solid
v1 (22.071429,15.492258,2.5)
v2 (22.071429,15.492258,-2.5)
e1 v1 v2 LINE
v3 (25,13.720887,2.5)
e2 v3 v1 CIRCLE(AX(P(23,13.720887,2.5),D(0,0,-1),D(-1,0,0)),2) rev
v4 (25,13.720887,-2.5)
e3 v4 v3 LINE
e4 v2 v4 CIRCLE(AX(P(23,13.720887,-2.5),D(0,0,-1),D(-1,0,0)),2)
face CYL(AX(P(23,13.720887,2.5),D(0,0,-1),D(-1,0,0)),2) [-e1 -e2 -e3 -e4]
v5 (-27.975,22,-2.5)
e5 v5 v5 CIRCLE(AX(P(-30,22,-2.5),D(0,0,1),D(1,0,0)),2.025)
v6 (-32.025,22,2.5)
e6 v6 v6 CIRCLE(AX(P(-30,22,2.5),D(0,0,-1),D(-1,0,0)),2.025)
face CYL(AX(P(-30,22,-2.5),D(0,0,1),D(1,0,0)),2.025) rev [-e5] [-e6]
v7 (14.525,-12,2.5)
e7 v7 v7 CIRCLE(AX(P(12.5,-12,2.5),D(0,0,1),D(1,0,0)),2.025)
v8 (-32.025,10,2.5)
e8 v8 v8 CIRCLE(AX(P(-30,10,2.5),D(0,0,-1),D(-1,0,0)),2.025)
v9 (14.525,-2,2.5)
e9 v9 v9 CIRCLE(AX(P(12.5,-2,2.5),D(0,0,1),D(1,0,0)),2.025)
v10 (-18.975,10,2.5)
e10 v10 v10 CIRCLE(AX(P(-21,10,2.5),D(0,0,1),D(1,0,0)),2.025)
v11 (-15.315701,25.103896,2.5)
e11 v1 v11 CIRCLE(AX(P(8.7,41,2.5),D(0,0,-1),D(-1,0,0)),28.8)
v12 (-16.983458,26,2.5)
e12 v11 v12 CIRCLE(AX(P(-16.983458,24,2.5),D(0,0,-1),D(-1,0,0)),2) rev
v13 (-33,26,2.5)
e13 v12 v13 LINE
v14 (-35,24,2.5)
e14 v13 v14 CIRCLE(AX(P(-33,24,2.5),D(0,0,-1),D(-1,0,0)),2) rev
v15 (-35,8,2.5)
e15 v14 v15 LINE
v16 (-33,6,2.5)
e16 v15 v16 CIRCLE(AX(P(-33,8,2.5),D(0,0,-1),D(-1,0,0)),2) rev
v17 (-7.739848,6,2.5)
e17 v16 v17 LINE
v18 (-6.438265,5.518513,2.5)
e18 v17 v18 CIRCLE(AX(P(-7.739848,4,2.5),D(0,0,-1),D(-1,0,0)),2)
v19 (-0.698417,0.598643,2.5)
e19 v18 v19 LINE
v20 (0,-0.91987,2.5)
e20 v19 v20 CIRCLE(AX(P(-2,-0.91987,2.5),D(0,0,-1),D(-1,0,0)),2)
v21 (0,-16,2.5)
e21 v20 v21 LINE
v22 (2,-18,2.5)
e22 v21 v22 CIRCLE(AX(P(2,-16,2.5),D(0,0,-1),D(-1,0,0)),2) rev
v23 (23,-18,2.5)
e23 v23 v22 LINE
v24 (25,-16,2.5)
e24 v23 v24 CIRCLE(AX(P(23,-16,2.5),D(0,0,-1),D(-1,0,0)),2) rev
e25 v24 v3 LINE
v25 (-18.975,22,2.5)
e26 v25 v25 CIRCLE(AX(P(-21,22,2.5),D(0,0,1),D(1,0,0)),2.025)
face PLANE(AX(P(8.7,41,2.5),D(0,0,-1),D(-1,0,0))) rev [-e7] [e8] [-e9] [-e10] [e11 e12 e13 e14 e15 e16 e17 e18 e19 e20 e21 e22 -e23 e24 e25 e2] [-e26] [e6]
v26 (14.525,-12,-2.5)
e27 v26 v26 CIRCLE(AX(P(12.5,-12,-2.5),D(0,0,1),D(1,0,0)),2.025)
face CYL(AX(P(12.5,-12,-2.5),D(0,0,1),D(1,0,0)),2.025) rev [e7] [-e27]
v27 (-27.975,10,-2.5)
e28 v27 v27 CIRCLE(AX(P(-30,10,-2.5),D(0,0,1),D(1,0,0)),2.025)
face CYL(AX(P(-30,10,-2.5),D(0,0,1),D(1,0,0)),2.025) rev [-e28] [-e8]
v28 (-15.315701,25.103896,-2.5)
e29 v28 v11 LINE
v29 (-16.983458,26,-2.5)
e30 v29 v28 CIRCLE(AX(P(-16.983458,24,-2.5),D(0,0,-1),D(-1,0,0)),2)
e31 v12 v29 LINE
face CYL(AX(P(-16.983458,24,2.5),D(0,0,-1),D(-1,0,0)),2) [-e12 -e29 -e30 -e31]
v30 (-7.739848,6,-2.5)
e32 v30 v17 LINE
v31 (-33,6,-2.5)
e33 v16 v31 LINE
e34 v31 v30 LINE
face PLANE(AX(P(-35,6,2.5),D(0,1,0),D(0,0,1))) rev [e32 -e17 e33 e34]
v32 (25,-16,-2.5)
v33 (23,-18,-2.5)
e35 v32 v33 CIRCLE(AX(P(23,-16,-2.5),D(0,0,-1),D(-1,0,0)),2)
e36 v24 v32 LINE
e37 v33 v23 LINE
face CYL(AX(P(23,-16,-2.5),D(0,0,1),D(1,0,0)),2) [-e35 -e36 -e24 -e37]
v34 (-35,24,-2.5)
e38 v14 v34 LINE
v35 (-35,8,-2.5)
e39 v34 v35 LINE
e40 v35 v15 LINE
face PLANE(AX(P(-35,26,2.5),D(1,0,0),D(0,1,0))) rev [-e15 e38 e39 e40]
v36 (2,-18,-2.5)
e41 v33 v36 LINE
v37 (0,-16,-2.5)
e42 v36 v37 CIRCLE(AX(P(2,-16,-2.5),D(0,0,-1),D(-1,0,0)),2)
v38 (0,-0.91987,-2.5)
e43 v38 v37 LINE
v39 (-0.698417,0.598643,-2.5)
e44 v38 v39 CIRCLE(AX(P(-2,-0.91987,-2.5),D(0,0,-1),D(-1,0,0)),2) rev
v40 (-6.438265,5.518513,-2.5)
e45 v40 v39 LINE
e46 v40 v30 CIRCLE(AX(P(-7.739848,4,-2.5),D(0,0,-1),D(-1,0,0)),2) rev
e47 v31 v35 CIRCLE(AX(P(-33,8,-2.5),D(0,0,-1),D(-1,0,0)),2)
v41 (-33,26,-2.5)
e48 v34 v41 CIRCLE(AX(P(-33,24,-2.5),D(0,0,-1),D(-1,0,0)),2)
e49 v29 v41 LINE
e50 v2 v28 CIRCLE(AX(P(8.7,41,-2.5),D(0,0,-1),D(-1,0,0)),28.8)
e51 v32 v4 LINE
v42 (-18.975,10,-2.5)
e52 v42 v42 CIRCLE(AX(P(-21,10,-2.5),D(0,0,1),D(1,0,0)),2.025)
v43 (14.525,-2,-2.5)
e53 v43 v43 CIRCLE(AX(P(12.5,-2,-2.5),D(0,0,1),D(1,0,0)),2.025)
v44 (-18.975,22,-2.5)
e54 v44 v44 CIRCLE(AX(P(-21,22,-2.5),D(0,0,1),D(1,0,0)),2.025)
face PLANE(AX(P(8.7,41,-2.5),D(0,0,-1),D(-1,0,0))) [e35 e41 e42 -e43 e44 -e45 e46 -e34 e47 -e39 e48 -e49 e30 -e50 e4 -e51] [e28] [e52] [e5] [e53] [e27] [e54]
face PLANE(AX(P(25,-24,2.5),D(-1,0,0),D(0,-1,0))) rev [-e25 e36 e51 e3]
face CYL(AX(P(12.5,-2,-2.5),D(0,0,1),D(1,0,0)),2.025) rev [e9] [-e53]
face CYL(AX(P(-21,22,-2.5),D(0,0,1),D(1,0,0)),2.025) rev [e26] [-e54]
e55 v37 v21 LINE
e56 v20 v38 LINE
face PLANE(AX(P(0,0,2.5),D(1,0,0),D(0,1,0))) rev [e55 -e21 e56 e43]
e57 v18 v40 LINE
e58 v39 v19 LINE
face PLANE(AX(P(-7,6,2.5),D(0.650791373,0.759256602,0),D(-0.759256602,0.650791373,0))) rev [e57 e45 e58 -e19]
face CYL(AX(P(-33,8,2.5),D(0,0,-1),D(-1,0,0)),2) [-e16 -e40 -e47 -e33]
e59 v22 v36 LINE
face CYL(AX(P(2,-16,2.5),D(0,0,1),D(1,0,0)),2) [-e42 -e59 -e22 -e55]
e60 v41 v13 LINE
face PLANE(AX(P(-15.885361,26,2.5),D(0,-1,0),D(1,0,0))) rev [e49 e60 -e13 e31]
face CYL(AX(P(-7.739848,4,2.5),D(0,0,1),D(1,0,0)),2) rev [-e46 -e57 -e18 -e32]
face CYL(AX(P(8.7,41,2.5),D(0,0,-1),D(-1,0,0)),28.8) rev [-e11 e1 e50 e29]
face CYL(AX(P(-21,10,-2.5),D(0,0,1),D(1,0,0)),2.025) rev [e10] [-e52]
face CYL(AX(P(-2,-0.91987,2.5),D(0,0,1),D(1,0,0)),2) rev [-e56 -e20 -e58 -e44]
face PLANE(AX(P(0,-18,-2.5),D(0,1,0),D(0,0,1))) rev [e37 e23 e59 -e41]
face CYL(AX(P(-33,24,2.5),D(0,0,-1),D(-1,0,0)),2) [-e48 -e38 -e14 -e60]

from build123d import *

# Parameters (mm, degrees)
EXTRUDE_1_DEPTH          = 2.5
FILLET_1_R               = 2
FILLET_2_R               = 2
SKETCH_2_R               = 2.025
CUT_EXTRUDE_1_DEPTH      = 6
SKETCH_3_W               = 25
SKETCH_3_H               = 6
CUT_EXTRUDE_2_DEPTH      = 6
FILLET_3_R               = 2
SKETCH_4_R               = 2.025
CUT_EXTRUDE_3_DEPTH      = 1
CUT_EXTRUDE_3_DEPTH_BACK = 6
SKETCH_5_R               = 2.025
CUT_EXTRUDE_4_DEPTH      = 1
CUT_EXTRUDE_4_DEPTH_BACK = 6


with BuildPart() as part:
    # 草图1 → 凸台-拉伸1 (new body, symmetric)
    with BuildSketch(Plane.XY):
        with BuildLine():
            Line((0, 0), (0, -24))
            Line((0, -24), (25, -24))
            Line((25, -24), (25, 17.256579859))
            ThreePointArc((25, 17.256579859), (2.677238779, 12.836790892), (-15.885361498, 26))
            Line((-15.885361498, 26), (-35, 26))
            Line((-35, 26), (-35, 6))
            Line((-35, 6), (-7, 6))
            Line((-7, 6), (0, 0))
        make_face()
    extrude(amount=EXTRUDE_1_DEPTH, both=True)

    # 圆角1
    fillet_1_edges = [part.edges().sort_by_distance(p)[0] for p in [
        (-7, 6, 0),
        (-35, 6, 0),
        (-35, 26, 0),
        (25, -24, 0),
        (0, -24, 0),
        (0, 0, 0),
    ]]
    fillet(fillet_1_edges, radius=FILLET_1_R)

    # 圆角2
    fillet_2_edges = [part.edges().sort_by_distance(p)[0] for p in [
        (-15.885361498, 26, 0),
        (25, 17.256579859, 0),
    ]]
    fillet(fillet_2_edges, radius=FILLET_2_R)

    # 草图2 → 切除-拉伸1 (cut, through all)
    with BuildSketch(Plane.XY.offset(2.5)):
        with Locations((12.5, -2)):
            Circle(SKETCH_2_R)
        with Locations((12.5, -12)):
            Circle(SKETCH_2_R)
    extrude(amount=-CUT_EXTRUDE_1_DEPTH, mode=Mode.SUBTRACT)

    # 草图3 → 切除-拉伸2 (cut, through all)
    with BuildSketch(Plane.XY.offset(2.5)):
        with Locations((12.5, -21)):
            Rectangle(SKETCH_3_W, SKETCH_3_H)
    extrude(amount=-CUT_EXTRUDE_2_DEPTH, mode=Mode.SUBTRACT)

    # 圆角3
    fillet_3_edges = [part.edges().sort_by_distance(p)[0] for p in [
        (0, -18, 0),
        (25, -18, 0),
    ]]
    fillet(fillet_3_edges, radius=FILLET_3_R)

    # 草图4 → 切除-拉伸3 (cut, two sides)
    with BuildSketch(Plane.XY.offset(2.5)) as cut_extrude_3_sk:
        with Locations((-30, 22)):
            Circle(SKETCH_4_R)
        with Locations((-30, 10)):
            Circle(SKETCH_4_R)
    extrude(amount=CUT_EXTRUDE_3_DEPTH, mode=Mode.SUBTRACT)
    extrude(cut_extrude_3_sk.sketch, amount=-CUT_EXTRUDE_3_DEPTH_BACK, mode=Mode.SUBTRACT)

    # 草图5 → 切除-拉伸4 (cut, two sides)
    with BuildSketch(Plane.XY.offset(2.5)) as cut_extrude_4_sk:
        with Locations((-21, 10)):
            Circle(SKETCH_5_R)
        with Locations((-21, 22)):
            Circle(SKETCH_5_R)
    extrude(amount=CUT_EXTRUDE_4_DEPTH, mode=Mode.SUBTRACT)
    extrude(cut_extrude_4_sk.sketch, amount=-CUT_EXTRUDE_4_DEPTH_BACK, mode=Mode.SUBTRACT)


solid = part.part
